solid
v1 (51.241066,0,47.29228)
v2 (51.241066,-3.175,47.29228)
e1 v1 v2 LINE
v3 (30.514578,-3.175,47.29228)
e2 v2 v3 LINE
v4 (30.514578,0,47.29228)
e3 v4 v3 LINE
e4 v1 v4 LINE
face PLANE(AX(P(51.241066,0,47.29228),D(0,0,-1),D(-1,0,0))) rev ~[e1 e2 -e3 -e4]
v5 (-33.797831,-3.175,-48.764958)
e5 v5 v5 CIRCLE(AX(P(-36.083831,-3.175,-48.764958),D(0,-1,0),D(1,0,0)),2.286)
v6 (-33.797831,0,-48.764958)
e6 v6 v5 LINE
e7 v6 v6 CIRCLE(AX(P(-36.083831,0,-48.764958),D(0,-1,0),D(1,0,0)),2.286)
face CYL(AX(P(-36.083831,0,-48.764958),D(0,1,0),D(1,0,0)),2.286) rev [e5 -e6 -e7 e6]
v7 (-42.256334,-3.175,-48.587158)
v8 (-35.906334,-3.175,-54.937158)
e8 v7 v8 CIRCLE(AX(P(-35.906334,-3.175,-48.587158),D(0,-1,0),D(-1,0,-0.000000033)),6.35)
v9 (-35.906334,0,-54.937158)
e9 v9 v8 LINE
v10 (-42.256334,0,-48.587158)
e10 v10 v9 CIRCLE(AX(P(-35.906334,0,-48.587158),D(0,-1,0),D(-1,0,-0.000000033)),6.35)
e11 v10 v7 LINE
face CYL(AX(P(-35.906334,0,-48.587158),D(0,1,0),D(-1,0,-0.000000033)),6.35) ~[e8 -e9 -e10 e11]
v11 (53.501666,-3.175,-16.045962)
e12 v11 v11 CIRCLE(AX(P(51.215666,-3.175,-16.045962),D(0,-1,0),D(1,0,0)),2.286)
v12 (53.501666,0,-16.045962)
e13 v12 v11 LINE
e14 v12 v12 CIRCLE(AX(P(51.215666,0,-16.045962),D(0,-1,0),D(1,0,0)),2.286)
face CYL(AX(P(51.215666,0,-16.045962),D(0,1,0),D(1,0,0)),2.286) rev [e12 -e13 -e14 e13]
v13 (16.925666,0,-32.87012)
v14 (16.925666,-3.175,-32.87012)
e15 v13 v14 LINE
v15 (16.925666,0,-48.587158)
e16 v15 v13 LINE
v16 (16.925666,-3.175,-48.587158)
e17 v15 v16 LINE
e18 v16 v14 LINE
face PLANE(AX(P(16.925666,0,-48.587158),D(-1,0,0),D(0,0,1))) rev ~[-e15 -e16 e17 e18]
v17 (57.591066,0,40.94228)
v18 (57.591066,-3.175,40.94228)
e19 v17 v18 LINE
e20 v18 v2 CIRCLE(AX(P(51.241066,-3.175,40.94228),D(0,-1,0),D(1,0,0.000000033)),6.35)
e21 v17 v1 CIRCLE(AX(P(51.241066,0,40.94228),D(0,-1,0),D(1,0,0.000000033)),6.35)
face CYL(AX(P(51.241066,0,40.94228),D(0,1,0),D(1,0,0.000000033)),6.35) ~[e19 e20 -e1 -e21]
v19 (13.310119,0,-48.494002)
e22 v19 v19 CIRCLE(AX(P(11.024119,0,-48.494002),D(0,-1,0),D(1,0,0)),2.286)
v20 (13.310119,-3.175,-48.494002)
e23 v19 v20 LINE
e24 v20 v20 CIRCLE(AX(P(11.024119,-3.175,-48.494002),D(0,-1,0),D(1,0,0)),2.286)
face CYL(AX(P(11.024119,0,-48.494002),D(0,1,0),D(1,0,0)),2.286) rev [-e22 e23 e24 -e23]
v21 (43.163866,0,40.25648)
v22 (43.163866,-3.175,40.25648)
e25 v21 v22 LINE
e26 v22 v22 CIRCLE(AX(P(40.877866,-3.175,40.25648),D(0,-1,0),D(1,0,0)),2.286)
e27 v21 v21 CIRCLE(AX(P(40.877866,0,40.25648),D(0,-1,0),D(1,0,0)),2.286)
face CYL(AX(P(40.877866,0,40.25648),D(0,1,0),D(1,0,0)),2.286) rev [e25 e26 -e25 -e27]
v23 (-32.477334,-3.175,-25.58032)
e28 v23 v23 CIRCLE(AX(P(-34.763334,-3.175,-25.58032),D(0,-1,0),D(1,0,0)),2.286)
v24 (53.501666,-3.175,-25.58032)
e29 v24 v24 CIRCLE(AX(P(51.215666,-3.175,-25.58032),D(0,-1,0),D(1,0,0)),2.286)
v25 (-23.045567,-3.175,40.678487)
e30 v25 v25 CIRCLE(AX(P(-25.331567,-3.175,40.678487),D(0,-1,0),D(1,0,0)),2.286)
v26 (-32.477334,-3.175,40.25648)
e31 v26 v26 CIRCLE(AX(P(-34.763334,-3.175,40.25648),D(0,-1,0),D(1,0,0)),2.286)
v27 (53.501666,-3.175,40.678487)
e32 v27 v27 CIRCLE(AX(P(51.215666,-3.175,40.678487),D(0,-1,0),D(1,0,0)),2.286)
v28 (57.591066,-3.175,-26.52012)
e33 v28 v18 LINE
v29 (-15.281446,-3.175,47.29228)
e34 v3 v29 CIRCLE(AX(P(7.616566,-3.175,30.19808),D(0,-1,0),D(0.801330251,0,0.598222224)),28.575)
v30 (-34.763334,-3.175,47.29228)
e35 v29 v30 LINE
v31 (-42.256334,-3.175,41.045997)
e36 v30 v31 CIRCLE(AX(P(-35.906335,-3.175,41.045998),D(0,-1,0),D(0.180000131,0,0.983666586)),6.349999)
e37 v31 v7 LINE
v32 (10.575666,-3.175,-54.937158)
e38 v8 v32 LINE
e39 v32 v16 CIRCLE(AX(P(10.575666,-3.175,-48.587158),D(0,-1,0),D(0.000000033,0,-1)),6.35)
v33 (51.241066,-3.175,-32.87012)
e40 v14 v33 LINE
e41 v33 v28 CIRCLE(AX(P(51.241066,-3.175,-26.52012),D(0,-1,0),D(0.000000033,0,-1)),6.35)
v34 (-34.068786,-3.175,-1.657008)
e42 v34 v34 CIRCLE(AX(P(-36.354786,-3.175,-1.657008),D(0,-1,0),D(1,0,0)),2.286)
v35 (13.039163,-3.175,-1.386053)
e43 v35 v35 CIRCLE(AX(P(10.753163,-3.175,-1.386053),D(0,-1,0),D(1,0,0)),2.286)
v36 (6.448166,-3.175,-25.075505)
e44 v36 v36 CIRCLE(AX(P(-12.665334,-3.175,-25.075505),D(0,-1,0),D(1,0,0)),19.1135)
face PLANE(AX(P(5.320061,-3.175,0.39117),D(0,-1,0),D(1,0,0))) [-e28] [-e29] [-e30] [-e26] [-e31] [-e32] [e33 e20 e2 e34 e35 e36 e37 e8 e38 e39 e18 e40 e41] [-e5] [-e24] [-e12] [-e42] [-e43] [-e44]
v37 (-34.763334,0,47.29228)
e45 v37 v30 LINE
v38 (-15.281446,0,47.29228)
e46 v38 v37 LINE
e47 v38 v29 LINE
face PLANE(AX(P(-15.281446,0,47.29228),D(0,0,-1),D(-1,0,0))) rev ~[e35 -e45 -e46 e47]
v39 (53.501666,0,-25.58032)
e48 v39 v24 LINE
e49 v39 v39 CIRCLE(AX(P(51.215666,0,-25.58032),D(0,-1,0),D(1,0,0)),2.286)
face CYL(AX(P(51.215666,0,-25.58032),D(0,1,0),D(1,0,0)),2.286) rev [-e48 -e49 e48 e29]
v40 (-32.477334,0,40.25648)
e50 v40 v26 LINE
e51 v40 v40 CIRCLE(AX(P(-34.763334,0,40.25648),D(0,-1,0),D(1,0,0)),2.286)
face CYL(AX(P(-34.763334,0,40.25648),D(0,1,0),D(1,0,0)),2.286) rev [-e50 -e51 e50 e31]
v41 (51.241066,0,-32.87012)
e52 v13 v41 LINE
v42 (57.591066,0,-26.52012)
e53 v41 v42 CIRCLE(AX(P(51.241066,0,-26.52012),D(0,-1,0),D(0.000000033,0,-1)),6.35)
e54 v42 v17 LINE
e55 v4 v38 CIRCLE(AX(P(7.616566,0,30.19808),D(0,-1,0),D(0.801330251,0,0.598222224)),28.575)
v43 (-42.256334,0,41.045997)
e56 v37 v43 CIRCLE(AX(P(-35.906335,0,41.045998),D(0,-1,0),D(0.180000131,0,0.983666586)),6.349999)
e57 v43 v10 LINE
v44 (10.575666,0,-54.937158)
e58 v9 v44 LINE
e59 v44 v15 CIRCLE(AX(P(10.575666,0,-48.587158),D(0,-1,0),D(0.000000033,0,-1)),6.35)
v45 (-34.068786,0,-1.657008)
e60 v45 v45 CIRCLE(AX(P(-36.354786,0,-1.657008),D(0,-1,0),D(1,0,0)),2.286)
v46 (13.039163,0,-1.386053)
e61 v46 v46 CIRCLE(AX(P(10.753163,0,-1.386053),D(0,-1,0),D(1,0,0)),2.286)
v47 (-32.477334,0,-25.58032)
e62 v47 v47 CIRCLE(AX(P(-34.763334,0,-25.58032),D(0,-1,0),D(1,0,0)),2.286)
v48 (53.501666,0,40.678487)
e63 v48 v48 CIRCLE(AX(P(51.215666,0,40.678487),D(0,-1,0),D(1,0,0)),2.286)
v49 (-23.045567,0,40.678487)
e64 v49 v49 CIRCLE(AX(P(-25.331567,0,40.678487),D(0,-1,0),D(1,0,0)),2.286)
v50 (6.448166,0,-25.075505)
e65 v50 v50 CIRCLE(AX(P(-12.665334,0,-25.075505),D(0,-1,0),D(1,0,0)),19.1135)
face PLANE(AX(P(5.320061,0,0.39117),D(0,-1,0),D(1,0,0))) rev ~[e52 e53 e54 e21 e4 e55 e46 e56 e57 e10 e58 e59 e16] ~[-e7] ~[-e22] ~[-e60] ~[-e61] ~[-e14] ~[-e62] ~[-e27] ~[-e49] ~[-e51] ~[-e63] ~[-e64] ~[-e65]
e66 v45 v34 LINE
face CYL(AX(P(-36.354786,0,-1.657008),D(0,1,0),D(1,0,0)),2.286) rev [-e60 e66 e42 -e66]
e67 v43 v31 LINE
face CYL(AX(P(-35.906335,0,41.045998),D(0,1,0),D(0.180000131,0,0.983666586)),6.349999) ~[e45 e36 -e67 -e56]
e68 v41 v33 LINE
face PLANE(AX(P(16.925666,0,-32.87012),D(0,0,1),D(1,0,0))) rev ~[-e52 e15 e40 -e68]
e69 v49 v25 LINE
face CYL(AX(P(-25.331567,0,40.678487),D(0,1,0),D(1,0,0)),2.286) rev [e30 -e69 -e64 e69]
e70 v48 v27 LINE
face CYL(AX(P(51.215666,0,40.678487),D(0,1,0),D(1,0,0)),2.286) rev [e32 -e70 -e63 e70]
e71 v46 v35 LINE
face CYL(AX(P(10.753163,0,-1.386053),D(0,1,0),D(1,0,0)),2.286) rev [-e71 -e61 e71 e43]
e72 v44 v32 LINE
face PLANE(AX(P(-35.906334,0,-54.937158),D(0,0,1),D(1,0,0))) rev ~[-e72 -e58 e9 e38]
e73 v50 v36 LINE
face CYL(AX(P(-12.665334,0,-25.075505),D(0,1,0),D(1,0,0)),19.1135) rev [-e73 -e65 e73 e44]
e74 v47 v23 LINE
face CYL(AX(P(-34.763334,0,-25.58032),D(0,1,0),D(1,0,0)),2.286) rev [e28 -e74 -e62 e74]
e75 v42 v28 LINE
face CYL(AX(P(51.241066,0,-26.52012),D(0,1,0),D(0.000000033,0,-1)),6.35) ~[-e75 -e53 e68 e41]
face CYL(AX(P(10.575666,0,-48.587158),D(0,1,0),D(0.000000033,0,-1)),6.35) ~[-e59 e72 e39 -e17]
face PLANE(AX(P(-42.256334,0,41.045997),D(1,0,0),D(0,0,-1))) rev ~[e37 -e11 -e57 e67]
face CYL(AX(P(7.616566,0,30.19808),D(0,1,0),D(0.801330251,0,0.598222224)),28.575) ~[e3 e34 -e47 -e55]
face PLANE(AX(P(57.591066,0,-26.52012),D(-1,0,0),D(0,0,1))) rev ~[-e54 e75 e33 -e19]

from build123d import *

# Parameters (mm, degrees)
F0_R     = 2.286
F0_R_2   = 19.1135
F1_DEPTH = 3.175


with BuildPart() as f1:
    # F0 (on Front) → F1 (new body)
    with BuildSketch(Plane.XZ):
        with BuildLine():
            Line((-15.281446, 47.29228), (-34.763334, 47.29228))
            ThreePointArc((-34.763334, 47.29228), (-39.972318, 45.923525), (-42.256334, 41.045997))
            Line((-42.256334, 41.045997), (-42.256334, -48.587158))
            ThreePointArc((-42.256334, -48.587158), (-40.396462, -53.077286), (-35.906334, -54.937158))
            Line((-35.906334, -54.937158), (10.575666, -54.937158))
            ThreePointArc((10.575666, -54.937158), (15.065794, -53.077286), (16.925666, -48.587158))
            Line((16.925666, -48.587158), (16.925666, -32.87012))
            Line((16.925666, -32.87012), (51.241066, -32.87012))
            ThreePointArc((51.241066, -32.87012), (55.731194, -31.010248), (57.591066, -26.52012))
            Line((57.591066, -26.52012), (57.591066, 40.94228))
            ThreePointArc((57.591066, 40.94228), (55.731194, 45.432408), (51.241066, 47.29228))
            Line((51.241066, 47.29228), (30.514578, 47.29228))
            ThreePointArc((30.514578, 47.29228), (7.616566, 58.77308), (-15.281446, 47.29228))
        make_face()
        with Locations((-36.083831, -48.764958)):
            Circle(F0_R, mode=Mode.SUBTRACT)
        with Locations((-34.763334, -25.58032)):
            Circle(F0_R, mode=Mode.SUBTRACT)
        with Locations((-36.354786, -1.657008)):
            Circle(F0_R, mode=Mode.SUBTRACT)
        with Locations((-12.665334, -25.075505)):
            Circle(F0_R_2, mode=Mode.SUBTRACT)
        with Locations((11.024119, -48.494002)):
            Circle(F0_R, mode=Mode.SUBTRACT)
        with Locations((10.753163, -1.386053)):
            Circle(F0_R, mode=Mode.SUBTRACT)
        with Locations((51.215666, -25.58032)):
            Circle(F0_R, mode=Mode.SUBTRACT)
        with Locations((51.215666, -16.045962)):
            Circle(F0_R, mode=Mode.SUBTRACT)
        with Locations((-34.763334, 40.25648)):
            Circle(F0_R, mode=Mode.SUBTRACT)
        with Locations((-25.331567, 40.678487)):
            Circle(F0_R, mode=Mode.SUBTRACT)
        with Locations((40.877866, 40.25648)):
            Circle(F0_R, mode=Mode.SUBTRACT)
        with Locations((51.215666, 40.678487)):
            Circle(F0_R, mode=Mode.SUBTRACT)
    extrude(amount=F1_DEPTH)


solid = f1.part
